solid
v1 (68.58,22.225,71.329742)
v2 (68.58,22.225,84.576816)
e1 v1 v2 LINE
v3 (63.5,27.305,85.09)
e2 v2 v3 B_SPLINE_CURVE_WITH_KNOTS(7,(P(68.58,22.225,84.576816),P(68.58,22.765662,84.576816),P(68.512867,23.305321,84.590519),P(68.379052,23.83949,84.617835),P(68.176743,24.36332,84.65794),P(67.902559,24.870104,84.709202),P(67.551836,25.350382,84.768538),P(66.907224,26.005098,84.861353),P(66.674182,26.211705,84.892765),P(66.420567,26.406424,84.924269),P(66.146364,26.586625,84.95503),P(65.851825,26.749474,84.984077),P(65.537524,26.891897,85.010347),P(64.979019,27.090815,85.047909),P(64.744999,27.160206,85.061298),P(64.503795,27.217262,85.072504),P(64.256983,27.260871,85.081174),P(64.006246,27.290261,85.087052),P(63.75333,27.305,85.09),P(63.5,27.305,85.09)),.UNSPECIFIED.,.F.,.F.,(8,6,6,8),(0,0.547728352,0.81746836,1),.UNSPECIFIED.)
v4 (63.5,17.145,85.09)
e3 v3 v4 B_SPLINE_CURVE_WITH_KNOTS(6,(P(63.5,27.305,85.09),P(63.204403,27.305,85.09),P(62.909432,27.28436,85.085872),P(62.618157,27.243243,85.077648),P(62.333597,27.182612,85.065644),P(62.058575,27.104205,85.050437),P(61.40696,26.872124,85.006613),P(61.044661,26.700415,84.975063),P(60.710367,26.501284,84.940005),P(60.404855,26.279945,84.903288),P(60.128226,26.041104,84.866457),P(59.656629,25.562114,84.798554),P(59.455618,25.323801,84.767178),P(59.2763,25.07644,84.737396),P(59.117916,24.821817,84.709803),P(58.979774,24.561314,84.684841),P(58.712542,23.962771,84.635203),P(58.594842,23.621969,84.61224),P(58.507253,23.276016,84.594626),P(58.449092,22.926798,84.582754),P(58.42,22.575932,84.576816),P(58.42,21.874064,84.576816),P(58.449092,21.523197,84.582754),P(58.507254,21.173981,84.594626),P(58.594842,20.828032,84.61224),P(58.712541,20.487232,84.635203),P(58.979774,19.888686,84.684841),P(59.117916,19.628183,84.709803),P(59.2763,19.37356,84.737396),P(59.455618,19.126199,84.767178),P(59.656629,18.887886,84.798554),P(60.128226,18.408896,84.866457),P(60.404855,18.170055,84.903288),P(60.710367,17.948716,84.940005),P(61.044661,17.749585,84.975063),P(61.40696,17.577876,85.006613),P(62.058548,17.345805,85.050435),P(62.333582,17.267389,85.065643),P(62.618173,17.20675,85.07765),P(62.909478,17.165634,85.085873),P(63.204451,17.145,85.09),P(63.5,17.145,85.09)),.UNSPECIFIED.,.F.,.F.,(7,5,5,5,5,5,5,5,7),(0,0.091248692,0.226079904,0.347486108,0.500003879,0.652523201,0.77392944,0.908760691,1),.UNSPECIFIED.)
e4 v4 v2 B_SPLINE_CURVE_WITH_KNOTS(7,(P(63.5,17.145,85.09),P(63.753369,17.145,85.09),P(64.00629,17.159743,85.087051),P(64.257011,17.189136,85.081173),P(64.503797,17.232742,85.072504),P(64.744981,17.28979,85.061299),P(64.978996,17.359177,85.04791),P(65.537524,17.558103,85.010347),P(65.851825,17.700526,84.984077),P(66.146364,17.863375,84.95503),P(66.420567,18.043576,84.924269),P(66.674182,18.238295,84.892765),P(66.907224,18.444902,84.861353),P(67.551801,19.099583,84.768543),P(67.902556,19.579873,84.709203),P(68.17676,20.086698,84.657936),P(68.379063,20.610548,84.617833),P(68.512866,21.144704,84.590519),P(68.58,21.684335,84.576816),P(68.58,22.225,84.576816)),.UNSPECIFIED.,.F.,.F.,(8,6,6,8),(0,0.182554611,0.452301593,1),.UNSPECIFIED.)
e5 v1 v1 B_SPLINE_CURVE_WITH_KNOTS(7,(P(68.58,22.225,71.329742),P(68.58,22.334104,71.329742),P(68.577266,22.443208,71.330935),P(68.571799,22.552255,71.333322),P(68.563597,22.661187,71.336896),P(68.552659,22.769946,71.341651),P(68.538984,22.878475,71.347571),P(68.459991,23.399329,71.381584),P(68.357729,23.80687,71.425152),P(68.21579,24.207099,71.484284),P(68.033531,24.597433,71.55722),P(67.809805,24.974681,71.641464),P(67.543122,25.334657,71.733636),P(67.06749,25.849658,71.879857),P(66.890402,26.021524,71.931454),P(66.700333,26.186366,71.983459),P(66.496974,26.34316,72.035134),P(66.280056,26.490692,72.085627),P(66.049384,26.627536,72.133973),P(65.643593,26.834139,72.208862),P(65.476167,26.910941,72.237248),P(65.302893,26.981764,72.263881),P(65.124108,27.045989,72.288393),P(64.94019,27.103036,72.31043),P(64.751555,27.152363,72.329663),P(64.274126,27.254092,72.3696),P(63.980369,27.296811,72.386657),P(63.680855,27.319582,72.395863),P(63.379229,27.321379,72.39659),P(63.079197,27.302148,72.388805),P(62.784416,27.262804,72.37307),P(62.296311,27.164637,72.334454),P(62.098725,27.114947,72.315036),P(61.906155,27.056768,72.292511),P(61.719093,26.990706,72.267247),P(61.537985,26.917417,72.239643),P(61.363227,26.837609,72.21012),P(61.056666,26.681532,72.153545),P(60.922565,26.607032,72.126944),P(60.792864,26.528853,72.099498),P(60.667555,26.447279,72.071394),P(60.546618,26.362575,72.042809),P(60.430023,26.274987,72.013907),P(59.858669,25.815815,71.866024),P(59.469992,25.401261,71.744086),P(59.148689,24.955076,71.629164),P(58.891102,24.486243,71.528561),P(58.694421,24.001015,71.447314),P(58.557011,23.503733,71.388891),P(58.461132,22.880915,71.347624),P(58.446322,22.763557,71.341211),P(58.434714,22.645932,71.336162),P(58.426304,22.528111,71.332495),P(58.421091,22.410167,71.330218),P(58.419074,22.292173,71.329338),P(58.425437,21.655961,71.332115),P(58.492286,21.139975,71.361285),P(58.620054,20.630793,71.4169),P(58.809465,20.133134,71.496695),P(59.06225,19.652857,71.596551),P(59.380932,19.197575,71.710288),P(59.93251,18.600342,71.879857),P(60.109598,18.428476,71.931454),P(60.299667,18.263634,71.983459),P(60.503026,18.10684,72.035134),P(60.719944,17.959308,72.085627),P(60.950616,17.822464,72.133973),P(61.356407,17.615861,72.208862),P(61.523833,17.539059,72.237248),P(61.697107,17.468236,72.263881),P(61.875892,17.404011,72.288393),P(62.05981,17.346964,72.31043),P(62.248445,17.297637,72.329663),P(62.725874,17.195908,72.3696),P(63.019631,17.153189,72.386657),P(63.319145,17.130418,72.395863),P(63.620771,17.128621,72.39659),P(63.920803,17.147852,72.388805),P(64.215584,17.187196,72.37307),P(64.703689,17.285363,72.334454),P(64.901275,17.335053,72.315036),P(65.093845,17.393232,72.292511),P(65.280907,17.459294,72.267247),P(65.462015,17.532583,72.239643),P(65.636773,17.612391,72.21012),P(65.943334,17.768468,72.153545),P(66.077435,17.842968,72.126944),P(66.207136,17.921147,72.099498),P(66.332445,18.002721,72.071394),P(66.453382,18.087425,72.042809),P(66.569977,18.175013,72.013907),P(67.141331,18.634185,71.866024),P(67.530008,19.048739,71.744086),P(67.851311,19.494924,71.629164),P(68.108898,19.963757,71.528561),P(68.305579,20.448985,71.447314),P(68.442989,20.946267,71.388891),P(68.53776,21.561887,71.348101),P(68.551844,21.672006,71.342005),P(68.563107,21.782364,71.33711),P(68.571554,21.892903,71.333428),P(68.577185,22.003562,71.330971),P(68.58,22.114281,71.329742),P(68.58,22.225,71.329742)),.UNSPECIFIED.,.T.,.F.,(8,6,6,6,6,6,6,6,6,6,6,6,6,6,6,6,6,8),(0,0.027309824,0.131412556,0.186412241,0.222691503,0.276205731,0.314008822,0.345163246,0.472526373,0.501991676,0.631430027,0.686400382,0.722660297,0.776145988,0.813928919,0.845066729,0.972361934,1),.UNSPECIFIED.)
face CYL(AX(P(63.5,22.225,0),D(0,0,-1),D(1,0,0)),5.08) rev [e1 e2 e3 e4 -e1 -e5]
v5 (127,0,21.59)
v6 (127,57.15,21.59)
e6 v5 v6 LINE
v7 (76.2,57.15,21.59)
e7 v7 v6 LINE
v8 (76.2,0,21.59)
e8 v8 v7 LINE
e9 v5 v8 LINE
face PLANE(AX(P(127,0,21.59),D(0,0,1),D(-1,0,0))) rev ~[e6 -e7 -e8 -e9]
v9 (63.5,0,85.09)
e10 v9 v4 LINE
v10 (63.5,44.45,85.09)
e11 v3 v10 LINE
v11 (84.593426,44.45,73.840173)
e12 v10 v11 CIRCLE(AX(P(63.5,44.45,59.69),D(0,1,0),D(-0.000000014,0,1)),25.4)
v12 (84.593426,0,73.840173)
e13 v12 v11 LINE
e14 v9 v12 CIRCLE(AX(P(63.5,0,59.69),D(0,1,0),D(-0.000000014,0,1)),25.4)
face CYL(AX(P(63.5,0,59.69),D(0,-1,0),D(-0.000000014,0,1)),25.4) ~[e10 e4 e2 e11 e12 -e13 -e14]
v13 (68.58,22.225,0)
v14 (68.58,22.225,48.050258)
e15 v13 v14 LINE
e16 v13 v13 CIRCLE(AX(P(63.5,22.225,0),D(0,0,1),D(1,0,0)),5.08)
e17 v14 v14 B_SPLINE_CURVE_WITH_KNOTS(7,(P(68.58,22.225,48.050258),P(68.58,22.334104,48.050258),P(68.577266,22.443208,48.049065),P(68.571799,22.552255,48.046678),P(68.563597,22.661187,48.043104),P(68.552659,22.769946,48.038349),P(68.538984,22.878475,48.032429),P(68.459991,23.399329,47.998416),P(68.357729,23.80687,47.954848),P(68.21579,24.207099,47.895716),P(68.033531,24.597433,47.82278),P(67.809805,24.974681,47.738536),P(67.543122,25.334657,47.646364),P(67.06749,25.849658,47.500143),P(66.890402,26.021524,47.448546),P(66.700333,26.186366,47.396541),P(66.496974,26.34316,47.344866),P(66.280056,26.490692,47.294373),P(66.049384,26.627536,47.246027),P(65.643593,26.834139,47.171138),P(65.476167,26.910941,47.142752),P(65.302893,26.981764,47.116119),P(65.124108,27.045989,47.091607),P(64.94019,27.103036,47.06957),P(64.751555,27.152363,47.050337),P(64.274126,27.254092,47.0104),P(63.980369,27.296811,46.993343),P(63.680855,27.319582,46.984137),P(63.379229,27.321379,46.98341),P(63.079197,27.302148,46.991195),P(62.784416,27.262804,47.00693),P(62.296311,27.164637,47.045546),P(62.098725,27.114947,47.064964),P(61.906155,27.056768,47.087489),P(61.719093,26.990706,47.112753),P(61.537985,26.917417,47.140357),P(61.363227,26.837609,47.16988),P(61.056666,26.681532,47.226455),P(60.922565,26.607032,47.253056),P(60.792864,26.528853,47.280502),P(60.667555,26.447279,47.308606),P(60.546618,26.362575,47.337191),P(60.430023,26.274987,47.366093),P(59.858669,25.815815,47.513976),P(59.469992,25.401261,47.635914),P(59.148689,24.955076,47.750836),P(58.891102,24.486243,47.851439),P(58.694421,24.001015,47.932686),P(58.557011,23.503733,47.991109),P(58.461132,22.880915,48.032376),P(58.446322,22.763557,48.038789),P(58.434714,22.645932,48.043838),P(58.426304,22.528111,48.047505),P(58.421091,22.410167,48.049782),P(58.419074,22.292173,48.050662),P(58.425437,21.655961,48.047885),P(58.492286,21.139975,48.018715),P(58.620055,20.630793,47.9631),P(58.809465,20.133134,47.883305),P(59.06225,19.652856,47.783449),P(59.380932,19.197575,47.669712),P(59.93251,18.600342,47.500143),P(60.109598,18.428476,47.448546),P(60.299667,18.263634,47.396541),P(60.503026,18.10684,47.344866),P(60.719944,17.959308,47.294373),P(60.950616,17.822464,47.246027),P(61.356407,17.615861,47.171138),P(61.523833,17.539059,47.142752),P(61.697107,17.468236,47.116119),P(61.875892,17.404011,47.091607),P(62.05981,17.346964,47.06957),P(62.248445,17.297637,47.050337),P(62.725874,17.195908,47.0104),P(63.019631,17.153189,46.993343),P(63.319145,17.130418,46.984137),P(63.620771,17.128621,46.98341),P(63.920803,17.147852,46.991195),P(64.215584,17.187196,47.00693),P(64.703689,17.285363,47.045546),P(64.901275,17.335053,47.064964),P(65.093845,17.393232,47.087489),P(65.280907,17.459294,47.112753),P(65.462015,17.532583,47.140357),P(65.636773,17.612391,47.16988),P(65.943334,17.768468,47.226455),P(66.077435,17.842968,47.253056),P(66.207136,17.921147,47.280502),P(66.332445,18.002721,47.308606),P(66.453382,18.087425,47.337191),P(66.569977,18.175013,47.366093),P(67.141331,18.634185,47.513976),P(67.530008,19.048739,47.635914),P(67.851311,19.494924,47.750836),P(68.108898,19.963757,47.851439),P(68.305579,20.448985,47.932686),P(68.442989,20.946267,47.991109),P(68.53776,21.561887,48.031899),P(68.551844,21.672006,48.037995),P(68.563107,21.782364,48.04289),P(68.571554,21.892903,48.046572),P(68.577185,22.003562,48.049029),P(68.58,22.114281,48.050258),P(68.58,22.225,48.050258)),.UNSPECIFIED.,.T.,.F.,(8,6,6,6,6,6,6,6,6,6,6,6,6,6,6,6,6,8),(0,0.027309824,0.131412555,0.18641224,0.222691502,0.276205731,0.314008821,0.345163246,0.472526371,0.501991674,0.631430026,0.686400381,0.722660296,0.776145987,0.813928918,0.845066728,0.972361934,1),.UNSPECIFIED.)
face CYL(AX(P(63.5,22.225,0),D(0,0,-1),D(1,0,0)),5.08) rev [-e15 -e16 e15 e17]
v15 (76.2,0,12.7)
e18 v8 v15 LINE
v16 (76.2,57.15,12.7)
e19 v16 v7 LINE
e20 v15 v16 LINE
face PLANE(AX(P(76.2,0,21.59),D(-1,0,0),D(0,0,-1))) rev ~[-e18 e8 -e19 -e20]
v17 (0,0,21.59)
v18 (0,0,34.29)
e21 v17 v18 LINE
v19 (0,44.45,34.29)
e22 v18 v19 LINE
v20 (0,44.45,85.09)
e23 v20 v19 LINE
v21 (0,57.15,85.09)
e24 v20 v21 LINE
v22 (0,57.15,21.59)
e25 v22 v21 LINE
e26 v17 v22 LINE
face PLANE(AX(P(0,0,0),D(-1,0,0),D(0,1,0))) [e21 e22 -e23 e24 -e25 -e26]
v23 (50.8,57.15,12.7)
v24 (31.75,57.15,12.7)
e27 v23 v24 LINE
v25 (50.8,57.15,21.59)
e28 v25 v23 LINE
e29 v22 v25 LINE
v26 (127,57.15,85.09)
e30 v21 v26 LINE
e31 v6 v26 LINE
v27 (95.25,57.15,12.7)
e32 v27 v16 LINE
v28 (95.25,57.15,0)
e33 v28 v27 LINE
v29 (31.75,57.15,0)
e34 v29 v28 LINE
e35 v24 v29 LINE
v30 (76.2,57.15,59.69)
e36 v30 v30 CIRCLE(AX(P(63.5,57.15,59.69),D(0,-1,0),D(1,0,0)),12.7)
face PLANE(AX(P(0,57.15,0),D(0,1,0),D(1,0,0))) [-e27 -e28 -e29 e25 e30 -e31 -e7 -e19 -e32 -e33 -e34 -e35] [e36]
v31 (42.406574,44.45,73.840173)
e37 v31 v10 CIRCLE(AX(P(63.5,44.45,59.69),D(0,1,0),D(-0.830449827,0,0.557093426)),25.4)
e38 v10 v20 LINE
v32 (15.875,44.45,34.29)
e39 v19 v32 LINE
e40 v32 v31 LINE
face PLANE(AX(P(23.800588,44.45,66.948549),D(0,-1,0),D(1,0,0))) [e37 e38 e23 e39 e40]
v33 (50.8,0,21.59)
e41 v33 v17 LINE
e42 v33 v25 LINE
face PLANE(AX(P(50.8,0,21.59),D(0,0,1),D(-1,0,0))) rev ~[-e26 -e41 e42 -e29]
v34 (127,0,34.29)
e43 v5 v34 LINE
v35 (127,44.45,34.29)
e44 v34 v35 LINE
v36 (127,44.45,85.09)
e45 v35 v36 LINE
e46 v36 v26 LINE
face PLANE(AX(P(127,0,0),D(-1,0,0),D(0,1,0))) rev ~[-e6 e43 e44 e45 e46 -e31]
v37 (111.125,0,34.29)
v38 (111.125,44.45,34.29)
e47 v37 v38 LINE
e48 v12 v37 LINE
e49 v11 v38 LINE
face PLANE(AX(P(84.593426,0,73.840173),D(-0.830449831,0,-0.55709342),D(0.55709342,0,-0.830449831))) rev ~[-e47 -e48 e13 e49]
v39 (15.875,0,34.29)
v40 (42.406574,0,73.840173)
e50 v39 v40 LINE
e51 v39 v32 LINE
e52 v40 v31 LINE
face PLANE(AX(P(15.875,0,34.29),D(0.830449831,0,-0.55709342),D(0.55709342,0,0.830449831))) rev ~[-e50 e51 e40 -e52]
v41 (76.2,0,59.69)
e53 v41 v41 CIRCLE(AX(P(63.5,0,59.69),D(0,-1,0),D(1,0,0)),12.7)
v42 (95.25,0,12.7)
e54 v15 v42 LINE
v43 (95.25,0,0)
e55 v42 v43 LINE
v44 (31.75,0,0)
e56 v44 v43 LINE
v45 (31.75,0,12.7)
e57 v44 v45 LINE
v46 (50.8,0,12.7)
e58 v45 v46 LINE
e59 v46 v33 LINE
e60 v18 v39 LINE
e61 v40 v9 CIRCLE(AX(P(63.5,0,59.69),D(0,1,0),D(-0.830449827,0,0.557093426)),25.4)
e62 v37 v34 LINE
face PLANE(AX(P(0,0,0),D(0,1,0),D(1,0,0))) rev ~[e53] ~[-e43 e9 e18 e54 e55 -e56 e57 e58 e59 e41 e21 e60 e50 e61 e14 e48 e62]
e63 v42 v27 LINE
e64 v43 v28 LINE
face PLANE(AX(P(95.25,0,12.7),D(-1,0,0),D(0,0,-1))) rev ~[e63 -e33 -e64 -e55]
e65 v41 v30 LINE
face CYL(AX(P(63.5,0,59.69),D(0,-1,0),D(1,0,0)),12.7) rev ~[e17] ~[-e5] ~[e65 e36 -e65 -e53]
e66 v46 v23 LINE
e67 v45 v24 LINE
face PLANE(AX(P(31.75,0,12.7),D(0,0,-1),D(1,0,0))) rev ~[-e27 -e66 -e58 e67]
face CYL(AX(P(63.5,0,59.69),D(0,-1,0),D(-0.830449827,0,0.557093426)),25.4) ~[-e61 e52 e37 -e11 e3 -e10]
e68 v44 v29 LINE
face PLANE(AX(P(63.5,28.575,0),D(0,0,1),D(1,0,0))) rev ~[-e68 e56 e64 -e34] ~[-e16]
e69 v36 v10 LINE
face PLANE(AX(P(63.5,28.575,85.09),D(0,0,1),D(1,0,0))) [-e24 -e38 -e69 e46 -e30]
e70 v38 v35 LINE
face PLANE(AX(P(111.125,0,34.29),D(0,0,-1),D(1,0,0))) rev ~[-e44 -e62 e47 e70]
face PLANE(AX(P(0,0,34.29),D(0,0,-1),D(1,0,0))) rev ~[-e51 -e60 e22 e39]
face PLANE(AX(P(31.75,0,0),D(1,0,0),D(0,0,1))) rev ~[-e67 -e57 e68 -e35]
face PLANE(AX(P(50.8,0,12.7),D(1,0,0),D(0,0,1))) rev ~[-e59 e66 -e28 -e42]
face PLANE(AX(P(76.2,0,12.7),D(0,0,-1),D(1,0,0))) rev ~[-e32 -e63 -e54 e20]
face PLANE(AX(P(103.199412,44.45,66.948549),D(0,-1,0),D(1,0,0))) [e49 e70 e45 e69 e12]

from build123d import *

# Parameters (mm, degrees)
F0_W     = 127
F0_H     = 57.15
F0_R     = 5.08
F1_DEPTH = 85.09
F3_DEPTH = 44.45
F4_R     = 12.7
F5_DEPTH = 57.151


with BuildPart() as f1:
    # F0 (on Top) → F1 (new body)
    with BuildSketch(Plane.XY):
        with Locations((63.5, 28.575)):
            Rectangle(F0_W, F0_H)
        with Locations((63.5, 22.225)):
            Circle(F0_R, mode=Mode.SUBTRACT)
    extrude(amount=F1_DEPTH)

    # F2 (on face) → F3 (cut)
    with BuildSketch(Plane.XZ):
        with BuildLine():
            Line((0, 85.09), (0, 34.29))
            Line((0, 34.29), (15.875, 34.29))
            Line((15.875, 34.29), (42.406574, 73.840173))
            ThreePointArc((42.406574, 73.840173), (51.547059, 82.101765), (63.5, 85.09))
            Line((63.5, 85.09), (0, 85.09))
        make_face()
        with BuildLine():
            Line((127, 85.09), (63.5, 85.09))
            ThreePointArc((63.5, 85.09), (75.452941, 82.101765), (84.593426, 73.840173))
            Line((84.593426, 73.840173), (111.125, 34.29))
            Line((111.125, 34.29), (127, 34.29))
            Line((127, 34.29), (127, 85.09))
        make_face()
    extrude(amount=-F3_DEPTH, mode=Mode.SUBTRACT)

    # F4 (on face) → F5 (cut, through all)
    with BuildSketch(Plane.XZ):
        Polygon((31.75, 0), (31.75, 12.7), (50.8, 12.7), (50.8, 21.59), (0, 21.59), (0, 0), align=None)
        Polygon((95.25, 12.7), (95.25, 0), (127, 0), (127, 21.59), (76.2, 21.59), (76.2, 12.7), align=None)
        with Locations((63.5, 59.69)):
            Circle(F4_R)
    extrude(amount=-F5_DEPTH, mode=Mode.SUBTRACT)


solid = f1.part
